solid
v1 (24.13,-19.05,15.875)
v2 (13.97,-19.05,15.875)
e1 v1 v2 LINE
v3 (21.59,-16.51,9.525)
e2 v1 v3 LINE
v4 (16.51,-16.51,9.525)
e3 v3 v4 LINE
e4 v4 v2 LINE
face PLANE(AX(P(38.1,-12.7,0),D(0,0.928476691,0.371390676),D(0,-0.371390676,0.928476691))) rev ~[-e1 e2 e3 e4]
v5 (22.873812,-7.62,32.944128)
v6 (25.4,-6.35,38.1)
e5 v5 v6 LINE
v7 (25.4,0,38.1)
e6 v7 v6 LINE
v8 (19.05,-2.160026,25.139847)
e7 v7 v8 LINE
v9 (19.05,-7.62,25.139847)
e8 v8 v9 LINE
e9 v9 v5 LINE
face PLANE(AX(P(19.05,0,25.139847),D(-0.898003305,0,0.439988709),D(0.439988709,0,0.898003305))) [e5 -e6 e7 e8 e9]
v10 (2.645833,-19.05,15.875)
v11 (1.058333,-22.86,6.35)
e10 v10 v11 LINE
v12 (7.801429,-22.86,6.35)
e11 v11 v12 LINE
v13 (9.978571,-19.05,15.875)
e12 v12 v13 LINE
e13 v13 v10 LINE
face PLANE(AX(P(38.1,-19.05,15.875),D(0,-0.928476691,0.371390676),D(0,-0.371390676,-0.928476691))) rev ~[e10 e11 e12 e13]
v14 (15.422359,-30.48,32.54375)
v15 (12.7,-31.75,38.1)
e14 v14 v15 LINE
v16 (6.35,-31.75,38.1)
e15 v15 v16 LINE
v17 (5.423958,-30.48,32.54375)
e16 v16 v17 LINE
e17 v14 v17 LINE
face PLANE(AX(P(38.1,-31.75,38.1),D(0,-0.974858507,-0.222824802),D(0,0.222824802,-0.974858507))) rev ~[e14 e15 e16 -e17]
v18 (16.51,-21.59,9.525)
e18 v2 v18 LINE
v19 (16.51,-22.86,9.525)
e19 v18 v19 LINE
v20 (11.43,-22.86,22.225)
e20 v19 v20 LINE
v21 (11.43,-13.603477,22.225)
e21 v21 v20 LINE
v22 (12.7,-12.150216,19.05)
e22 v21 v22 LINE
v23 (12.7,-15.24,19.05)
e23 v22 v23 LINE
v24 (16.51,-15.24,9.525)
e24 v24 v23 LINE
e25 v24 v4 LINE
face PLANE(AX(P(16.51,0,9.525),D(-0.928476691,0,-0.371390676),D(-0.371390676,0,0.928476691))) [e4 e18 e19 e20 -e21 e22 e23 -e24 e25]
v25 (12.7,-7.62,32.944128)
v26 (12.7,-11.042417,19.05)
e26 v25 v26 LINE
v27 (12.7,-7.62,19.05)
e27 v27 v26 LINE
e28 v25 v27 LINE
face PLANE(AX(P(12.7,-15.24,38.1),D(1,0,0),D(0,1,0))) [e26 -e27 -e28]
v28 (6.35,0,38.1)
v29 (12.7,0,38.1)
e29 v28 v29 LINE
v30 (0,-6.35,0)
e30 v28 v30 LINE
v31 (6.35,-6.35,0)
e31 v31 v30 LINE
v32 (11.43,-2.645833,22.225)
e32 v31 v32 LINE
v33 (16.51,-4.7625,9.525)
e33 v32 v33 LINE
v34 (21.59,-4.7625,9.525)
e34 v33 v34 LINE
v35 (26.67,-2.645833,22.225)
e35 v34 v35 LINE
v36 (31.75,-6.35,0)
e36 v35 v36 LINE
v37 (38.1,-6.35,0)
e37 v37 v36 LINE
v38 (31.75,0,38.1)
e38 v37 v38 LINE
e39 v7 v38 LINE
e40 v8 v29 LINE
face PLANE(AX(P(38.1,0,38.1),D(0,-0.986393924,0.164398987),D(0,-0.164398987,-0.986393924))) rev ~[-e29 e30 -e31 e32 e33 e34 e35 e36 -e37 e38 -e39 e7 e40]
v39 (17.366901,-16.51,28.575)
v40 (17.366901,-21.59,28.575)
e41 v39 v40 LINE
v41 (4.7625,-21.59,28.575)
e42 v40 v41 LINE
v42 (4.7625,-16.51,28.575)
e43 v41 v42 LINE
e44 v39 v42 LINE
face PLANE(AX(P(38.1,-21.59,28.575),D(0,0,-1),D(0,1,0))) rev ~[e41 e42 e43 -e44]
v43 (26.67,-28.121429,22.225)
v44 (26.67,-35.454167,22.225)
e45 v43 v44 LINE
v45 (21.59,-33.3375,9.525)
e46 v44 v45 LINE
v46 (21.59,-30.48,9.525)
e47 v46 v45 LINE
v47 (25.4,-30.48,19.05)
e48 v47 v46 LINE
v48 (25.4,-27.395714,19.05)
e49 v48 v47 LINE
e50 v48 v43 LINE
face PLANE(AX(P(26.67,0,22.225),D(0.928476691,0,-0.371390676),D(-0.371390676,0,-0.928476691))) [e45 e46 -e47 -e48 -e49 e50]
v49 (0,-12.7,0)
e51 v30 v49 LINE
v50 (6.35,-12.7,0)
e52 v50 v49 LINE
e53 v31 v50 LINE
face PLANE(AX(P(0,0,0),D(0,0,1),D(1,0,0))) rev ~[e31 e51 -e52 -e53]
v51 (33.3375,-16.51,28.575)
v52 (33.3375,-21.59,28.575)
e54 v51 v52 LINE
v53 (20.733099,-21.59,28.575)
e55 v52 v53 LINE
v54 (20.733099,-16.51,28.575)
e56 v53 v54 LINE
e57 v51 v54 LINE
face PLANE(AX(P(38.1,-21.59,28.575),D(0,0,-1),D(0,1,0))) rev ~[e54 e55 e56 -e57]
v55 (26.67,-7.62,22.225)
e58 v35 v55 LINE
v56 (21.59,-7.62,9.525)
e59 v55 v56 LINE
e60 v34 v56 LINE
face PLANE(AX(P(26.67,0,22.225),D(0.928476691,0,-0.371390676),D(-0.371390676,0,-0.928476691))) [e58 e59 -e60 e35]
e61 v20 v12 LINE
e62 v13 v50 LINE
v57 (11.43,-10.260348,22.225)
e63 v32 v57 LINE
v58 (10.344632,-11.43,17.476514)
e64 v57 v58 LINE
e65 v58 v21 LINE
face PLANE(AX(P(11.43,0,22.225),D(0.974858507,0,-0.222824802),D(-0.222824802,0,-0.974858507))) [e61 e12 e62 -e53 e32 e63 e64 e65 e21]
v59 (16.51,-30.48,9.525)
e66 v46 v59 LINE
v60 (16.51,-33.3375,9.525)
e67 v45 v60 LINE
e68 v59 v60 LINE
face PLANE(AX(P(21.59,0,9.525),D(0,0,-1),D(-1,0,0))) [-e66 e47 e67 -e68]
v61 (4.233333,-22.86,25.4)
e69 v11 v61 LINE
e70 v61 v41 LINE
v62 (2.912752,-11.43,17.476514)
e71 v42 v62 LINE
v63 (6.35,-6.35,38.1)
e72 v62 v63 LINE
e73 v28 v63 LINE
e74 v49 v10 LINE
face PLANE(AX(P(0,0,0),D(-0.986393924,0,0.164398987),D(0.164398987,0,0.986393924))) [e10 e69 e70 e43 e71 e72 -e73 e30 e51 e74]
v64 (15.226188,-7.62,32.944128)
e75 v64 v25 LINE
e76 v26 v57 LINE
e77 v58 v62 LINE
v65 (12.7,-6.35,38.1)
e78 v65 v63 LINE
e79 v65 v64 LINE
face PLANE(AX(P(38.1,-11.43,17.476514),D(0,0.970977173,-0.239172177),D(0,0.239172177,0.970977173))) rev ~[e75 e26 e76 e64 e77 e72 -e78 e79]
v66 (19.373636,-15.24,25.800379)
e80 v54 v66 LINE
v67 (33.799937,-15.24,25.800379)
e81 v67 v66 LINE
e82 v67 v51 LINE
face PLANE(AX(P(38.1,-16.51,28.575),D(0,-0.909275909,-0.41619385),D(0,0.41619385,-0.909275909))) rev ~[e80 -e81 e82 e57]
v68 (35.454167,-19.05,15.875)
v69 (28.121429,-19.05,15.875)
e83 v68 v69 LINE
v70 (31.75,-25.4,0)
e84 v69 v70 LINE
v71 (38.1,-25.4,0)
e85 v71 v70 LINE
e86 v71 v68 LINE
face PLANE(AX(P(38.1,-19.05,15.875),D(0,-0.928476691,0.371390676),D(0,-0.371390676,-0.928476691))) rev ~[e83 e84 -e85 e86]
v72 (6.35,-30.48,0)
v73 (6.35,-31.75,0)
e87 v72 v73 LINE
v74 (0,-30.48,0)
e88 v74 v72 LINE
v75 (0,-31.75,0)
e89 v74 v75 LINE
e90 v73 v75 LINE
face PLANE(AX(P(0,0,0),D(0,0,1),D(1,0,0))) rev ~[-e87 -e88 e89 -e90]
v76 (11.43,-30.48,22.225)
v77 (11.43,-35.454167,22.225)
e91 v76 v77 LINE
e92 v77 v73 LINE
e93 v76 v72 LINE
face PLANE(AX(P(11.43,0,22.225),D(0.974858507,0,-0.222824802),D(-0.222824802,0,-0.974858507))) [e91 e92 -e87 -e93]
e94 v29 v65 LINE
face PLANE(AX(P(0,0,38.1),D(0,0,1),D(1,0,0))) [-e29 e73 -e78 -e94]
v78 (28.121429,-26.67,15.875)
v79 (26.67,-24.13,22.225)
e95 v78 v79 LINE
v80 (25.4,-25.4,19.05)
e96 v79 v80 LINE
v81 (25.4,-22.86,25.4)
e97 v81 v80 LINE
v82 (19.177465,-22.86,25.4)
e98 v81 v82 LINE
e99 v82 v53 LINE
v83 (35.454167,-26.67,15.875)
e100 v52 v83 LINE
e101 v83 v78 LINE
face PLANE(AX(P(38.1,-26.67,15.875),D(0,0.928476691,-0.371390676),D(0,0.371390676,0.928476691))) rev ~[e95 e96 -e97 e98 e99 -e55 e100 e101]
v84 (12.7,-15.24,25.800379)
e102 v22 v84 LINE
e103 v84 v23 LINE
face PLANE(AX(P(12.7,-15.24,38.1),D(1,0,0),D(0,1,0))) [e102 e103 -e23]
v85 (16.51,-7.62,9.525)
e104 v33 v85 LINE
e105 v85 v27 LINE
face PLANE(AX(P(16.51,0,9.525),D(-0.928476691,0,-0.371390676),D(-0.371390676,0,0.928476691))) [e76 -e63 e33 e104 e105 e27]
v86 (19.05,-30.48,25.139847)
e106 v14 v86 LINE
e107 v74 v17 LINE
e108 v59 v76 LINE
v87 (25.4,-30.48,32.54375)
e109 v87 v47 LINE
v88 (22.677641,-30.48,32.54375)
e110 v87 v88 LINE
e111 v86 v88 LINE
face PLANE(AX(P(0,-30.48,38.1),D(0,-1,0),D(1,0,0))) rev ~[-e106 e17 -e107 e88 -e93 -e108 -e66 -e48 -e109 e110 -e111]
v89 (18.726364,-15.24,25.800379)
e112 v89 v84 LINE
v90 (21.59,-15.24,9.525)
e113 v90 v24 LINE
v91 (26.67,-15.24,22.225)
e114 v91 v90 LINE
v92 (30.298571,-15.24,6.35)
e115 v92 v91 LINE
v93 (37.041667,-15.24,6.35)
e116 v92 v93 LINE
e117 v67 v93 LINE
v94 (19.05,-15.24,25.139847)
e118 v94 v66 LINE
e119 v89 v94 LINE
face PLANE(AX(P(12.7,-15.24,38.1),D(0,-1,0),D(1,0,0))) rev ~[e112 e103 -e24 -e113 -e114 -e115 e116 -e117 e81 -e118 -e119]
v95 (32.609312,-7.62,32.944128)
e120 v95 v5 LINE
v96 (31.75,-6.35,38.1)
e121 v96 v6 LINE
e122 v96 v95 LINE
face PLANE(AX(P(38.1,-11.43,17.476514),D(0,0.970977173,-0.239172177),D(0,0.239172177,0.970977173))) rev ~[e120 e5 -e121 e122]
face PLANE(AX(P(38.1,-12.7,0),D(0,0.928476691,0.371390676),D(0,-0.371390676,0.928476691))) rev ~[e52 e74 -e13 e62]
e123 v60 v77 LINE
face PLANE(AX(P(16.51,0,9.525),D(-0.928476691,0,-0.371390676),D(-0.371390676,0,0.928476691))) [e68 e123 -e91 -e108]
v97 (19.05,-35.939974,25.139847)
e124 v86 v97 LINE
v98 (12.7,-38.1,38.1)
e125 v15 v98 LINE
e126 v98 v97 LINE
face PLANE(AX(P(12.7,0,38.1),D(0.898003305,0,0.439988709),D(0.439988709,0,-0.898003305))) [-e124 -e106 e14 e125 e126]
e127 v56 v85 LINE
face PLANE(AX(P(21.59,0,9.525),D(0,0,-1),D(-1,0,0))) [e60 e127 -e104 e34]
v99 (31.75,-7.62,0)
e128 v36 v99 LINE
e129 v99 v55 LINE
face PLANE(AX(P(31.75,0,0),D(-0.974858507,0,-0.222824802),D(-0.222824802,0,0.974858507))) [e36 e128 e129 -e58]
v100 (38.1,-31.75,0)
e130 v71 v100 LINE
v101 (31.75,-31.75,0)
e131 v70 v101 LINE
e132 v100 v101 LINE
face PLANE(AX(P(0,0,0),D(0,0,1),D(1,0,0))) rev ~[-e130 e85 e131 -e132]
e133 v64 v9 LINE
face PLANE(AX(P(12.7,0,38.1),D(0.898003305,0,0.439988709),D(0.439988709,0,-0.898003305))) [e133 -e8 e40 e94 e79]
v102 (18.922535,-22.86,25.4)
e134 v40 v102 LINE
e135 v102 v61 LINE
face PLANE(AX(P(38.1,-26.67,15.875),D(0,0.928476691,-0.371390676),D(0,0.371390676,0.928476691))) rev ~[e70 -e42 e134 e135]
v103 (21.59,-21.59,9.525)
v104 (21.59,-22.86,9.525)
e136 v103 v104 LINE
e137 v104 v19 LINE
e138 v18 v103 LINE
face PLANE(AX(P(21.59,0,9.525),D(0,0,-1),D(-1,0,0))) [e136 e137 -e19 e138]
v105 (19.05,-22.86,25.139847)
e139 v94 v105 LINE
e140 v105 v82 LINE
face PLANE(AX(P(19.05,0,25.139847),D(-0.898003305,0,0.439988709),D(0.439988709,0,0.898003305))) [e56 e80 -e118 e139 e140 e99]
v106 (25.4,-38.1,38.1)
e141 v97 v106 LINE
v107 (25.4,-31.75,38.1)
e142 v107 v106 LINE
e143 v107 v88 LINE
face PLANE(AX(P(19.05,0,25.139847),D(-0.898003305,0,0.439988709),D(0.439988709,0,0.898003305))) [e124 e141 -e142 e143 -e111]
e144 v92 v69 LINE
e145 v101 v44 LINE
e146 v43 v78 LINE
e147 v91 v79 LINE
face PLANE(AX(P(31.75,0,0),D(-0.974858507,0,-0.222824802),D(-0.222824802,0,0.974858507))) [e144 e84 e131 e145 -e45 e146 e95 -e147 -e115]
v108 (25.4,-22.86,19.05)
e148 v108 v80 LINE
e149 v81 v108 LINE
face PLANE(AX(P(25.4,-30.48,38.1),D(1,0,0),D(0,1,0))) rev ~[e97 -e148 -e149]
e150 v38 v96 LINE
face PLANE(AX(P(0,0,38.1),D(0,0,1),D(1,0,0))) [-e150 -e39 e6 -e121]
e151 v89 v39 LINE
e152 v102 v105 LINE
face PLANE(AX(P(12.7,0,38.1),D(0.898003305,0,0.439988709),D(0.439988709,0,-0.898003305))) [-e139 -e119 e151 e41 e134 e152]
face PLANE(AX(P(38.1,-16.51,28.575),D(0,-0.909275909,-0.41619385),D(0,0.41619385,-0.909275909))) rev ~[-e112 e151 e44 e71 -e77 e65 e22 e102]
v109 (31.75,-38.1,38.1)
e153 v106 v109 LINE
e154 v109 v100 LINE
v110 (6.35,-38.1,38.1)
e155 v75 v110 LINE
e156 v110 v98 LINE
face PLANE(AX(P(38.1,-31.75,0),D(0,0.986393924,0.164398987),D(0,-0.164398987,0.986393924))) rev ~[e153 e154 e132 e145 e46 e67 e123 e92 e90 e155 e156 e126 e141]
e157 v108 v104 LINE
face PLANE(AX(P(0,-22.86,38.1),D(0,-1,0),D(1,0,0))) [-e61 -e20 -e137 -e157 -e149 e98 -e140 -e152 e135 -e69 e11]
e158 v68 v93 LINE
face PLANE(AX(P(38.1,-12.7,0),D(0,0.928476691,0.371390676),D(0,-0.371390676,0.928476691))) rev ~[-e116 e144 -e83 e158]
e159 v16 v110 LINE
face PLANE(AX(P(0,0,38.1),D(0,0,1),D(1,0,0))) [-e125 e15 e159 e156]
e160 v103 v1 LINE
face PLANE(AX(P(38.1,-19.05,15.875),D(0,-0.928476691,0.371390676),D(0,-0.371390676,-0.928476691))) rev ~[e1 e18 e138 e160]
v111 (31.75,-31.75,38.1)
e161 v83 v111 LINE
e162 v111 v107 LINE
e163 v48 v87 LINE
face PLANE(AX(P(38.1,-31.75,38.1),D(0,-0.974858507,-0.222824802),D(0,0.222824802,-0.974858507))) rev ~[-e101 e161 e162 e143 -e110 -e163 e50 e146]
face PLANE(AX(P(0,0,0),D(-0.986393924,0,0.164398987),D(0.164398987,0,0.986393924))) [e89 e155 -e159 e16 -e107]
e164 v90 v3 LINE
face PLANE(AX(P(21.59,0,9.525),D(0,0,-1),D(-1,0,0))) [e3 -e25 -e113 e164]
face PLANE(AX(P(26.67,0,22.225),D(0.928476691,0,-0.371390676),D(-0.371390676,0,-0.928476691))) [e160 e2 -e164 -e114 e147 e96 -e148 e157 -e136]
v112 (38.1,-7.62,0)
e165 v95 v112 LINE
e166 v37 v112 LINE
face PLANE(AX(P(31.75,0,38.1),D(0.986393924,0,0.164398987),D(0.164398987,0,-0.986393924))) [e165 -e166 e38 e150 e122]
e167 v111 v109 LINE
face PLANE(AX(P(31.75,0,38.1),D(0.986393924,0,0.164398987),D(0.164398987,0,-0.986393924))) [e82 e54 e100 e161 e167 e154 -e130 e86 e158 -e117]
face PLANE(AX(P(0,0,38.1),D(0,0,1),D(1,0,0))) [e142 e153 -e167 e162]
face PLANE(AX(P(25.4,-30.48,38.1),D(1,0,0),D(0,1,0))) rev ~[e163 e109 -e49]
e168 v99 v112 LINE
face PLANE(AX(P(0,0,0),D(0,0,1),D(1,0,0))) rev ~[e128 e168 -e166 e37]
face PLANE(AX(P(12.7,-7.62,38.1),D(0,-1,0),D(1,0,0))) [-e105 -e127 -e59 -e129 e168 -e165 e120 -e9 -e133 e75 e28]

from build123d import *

# Parameters (mm, degrees)
F0_W     = 38.1
F0_H     = 38.1
F1_DEPTH = 38.1
F5_DEPTH = 38.1
F7_DEPTH = 38.1
F8_W     = 25.4
F8_H     = 7.62
F9_DEPTH = 38.1


with BuildPart() as f1:
    # F0 (on Front) → F1 (new body)
    with BuildSketch(Plane.XZ):
        with Locations((19.05, 19.05)):
            Rectangle(F0_W, F0_H)
    extrude(amount=F1_DEPTH)

    # F4 (on offset) → F5 (cut)
    with BuildSketch(Plane.YZ.offset(38.1)):
        Polygon((-6.35, 0), (0, 0), (0, 38.1), align=None)
        Polygon((-11.43, 17.476514), (-6.35, 38.1), (-31.75, 38.1), (-26.67, 15.875), (-21.59, 28.575), (-16.51, 28.575), align=None)
        Polygon((-31.75, 0), (-38.1, 38.1), (-38.1, 0), align=None)
        Polygon((-25.4, 0), (-12.7, 0), (-19.05, 15.875), align=None)
    extrude(amount=-F5_DEPTH, mode=Mode.SUBTRACT)

    # F6 (on Front) → F7 (cut)
    with BuildSketch(Plane.XZ):
        Polygon((11.43, 22.225), (6.35, 0), (31.75, 0), (26.67, 22.225), (21.59, 9.525), (16.51, 9.525), align=None)
        Polygon((31.75, 38.1), (38.1, 0), (38.1, 38.1), align=None)
        Polygon((25.4, 38.1), (12.7, 38.1), (19.05, 25.139847), align=None)
        Polygon((6.35, 38.1), (0, 38.1), (0, 0), align=None)
    extrude(amount=F7_DEPTH, mode=Mode.SUBTRACT)

    # F8 (on offset) → F9 (cut)
    with BuildSketch(Plane.XY.offset(38.1)):
        with Locations((25.4, -11.43)):
            Rectangle(F8_W, F8_H)
        with Locations((12.7, -26.67)):
            Rectangle(F8_W, F8_H)
    extrude(amount=-F9_DEPTH, mode=Mode.SUBTRACT)


solid = f1.part
